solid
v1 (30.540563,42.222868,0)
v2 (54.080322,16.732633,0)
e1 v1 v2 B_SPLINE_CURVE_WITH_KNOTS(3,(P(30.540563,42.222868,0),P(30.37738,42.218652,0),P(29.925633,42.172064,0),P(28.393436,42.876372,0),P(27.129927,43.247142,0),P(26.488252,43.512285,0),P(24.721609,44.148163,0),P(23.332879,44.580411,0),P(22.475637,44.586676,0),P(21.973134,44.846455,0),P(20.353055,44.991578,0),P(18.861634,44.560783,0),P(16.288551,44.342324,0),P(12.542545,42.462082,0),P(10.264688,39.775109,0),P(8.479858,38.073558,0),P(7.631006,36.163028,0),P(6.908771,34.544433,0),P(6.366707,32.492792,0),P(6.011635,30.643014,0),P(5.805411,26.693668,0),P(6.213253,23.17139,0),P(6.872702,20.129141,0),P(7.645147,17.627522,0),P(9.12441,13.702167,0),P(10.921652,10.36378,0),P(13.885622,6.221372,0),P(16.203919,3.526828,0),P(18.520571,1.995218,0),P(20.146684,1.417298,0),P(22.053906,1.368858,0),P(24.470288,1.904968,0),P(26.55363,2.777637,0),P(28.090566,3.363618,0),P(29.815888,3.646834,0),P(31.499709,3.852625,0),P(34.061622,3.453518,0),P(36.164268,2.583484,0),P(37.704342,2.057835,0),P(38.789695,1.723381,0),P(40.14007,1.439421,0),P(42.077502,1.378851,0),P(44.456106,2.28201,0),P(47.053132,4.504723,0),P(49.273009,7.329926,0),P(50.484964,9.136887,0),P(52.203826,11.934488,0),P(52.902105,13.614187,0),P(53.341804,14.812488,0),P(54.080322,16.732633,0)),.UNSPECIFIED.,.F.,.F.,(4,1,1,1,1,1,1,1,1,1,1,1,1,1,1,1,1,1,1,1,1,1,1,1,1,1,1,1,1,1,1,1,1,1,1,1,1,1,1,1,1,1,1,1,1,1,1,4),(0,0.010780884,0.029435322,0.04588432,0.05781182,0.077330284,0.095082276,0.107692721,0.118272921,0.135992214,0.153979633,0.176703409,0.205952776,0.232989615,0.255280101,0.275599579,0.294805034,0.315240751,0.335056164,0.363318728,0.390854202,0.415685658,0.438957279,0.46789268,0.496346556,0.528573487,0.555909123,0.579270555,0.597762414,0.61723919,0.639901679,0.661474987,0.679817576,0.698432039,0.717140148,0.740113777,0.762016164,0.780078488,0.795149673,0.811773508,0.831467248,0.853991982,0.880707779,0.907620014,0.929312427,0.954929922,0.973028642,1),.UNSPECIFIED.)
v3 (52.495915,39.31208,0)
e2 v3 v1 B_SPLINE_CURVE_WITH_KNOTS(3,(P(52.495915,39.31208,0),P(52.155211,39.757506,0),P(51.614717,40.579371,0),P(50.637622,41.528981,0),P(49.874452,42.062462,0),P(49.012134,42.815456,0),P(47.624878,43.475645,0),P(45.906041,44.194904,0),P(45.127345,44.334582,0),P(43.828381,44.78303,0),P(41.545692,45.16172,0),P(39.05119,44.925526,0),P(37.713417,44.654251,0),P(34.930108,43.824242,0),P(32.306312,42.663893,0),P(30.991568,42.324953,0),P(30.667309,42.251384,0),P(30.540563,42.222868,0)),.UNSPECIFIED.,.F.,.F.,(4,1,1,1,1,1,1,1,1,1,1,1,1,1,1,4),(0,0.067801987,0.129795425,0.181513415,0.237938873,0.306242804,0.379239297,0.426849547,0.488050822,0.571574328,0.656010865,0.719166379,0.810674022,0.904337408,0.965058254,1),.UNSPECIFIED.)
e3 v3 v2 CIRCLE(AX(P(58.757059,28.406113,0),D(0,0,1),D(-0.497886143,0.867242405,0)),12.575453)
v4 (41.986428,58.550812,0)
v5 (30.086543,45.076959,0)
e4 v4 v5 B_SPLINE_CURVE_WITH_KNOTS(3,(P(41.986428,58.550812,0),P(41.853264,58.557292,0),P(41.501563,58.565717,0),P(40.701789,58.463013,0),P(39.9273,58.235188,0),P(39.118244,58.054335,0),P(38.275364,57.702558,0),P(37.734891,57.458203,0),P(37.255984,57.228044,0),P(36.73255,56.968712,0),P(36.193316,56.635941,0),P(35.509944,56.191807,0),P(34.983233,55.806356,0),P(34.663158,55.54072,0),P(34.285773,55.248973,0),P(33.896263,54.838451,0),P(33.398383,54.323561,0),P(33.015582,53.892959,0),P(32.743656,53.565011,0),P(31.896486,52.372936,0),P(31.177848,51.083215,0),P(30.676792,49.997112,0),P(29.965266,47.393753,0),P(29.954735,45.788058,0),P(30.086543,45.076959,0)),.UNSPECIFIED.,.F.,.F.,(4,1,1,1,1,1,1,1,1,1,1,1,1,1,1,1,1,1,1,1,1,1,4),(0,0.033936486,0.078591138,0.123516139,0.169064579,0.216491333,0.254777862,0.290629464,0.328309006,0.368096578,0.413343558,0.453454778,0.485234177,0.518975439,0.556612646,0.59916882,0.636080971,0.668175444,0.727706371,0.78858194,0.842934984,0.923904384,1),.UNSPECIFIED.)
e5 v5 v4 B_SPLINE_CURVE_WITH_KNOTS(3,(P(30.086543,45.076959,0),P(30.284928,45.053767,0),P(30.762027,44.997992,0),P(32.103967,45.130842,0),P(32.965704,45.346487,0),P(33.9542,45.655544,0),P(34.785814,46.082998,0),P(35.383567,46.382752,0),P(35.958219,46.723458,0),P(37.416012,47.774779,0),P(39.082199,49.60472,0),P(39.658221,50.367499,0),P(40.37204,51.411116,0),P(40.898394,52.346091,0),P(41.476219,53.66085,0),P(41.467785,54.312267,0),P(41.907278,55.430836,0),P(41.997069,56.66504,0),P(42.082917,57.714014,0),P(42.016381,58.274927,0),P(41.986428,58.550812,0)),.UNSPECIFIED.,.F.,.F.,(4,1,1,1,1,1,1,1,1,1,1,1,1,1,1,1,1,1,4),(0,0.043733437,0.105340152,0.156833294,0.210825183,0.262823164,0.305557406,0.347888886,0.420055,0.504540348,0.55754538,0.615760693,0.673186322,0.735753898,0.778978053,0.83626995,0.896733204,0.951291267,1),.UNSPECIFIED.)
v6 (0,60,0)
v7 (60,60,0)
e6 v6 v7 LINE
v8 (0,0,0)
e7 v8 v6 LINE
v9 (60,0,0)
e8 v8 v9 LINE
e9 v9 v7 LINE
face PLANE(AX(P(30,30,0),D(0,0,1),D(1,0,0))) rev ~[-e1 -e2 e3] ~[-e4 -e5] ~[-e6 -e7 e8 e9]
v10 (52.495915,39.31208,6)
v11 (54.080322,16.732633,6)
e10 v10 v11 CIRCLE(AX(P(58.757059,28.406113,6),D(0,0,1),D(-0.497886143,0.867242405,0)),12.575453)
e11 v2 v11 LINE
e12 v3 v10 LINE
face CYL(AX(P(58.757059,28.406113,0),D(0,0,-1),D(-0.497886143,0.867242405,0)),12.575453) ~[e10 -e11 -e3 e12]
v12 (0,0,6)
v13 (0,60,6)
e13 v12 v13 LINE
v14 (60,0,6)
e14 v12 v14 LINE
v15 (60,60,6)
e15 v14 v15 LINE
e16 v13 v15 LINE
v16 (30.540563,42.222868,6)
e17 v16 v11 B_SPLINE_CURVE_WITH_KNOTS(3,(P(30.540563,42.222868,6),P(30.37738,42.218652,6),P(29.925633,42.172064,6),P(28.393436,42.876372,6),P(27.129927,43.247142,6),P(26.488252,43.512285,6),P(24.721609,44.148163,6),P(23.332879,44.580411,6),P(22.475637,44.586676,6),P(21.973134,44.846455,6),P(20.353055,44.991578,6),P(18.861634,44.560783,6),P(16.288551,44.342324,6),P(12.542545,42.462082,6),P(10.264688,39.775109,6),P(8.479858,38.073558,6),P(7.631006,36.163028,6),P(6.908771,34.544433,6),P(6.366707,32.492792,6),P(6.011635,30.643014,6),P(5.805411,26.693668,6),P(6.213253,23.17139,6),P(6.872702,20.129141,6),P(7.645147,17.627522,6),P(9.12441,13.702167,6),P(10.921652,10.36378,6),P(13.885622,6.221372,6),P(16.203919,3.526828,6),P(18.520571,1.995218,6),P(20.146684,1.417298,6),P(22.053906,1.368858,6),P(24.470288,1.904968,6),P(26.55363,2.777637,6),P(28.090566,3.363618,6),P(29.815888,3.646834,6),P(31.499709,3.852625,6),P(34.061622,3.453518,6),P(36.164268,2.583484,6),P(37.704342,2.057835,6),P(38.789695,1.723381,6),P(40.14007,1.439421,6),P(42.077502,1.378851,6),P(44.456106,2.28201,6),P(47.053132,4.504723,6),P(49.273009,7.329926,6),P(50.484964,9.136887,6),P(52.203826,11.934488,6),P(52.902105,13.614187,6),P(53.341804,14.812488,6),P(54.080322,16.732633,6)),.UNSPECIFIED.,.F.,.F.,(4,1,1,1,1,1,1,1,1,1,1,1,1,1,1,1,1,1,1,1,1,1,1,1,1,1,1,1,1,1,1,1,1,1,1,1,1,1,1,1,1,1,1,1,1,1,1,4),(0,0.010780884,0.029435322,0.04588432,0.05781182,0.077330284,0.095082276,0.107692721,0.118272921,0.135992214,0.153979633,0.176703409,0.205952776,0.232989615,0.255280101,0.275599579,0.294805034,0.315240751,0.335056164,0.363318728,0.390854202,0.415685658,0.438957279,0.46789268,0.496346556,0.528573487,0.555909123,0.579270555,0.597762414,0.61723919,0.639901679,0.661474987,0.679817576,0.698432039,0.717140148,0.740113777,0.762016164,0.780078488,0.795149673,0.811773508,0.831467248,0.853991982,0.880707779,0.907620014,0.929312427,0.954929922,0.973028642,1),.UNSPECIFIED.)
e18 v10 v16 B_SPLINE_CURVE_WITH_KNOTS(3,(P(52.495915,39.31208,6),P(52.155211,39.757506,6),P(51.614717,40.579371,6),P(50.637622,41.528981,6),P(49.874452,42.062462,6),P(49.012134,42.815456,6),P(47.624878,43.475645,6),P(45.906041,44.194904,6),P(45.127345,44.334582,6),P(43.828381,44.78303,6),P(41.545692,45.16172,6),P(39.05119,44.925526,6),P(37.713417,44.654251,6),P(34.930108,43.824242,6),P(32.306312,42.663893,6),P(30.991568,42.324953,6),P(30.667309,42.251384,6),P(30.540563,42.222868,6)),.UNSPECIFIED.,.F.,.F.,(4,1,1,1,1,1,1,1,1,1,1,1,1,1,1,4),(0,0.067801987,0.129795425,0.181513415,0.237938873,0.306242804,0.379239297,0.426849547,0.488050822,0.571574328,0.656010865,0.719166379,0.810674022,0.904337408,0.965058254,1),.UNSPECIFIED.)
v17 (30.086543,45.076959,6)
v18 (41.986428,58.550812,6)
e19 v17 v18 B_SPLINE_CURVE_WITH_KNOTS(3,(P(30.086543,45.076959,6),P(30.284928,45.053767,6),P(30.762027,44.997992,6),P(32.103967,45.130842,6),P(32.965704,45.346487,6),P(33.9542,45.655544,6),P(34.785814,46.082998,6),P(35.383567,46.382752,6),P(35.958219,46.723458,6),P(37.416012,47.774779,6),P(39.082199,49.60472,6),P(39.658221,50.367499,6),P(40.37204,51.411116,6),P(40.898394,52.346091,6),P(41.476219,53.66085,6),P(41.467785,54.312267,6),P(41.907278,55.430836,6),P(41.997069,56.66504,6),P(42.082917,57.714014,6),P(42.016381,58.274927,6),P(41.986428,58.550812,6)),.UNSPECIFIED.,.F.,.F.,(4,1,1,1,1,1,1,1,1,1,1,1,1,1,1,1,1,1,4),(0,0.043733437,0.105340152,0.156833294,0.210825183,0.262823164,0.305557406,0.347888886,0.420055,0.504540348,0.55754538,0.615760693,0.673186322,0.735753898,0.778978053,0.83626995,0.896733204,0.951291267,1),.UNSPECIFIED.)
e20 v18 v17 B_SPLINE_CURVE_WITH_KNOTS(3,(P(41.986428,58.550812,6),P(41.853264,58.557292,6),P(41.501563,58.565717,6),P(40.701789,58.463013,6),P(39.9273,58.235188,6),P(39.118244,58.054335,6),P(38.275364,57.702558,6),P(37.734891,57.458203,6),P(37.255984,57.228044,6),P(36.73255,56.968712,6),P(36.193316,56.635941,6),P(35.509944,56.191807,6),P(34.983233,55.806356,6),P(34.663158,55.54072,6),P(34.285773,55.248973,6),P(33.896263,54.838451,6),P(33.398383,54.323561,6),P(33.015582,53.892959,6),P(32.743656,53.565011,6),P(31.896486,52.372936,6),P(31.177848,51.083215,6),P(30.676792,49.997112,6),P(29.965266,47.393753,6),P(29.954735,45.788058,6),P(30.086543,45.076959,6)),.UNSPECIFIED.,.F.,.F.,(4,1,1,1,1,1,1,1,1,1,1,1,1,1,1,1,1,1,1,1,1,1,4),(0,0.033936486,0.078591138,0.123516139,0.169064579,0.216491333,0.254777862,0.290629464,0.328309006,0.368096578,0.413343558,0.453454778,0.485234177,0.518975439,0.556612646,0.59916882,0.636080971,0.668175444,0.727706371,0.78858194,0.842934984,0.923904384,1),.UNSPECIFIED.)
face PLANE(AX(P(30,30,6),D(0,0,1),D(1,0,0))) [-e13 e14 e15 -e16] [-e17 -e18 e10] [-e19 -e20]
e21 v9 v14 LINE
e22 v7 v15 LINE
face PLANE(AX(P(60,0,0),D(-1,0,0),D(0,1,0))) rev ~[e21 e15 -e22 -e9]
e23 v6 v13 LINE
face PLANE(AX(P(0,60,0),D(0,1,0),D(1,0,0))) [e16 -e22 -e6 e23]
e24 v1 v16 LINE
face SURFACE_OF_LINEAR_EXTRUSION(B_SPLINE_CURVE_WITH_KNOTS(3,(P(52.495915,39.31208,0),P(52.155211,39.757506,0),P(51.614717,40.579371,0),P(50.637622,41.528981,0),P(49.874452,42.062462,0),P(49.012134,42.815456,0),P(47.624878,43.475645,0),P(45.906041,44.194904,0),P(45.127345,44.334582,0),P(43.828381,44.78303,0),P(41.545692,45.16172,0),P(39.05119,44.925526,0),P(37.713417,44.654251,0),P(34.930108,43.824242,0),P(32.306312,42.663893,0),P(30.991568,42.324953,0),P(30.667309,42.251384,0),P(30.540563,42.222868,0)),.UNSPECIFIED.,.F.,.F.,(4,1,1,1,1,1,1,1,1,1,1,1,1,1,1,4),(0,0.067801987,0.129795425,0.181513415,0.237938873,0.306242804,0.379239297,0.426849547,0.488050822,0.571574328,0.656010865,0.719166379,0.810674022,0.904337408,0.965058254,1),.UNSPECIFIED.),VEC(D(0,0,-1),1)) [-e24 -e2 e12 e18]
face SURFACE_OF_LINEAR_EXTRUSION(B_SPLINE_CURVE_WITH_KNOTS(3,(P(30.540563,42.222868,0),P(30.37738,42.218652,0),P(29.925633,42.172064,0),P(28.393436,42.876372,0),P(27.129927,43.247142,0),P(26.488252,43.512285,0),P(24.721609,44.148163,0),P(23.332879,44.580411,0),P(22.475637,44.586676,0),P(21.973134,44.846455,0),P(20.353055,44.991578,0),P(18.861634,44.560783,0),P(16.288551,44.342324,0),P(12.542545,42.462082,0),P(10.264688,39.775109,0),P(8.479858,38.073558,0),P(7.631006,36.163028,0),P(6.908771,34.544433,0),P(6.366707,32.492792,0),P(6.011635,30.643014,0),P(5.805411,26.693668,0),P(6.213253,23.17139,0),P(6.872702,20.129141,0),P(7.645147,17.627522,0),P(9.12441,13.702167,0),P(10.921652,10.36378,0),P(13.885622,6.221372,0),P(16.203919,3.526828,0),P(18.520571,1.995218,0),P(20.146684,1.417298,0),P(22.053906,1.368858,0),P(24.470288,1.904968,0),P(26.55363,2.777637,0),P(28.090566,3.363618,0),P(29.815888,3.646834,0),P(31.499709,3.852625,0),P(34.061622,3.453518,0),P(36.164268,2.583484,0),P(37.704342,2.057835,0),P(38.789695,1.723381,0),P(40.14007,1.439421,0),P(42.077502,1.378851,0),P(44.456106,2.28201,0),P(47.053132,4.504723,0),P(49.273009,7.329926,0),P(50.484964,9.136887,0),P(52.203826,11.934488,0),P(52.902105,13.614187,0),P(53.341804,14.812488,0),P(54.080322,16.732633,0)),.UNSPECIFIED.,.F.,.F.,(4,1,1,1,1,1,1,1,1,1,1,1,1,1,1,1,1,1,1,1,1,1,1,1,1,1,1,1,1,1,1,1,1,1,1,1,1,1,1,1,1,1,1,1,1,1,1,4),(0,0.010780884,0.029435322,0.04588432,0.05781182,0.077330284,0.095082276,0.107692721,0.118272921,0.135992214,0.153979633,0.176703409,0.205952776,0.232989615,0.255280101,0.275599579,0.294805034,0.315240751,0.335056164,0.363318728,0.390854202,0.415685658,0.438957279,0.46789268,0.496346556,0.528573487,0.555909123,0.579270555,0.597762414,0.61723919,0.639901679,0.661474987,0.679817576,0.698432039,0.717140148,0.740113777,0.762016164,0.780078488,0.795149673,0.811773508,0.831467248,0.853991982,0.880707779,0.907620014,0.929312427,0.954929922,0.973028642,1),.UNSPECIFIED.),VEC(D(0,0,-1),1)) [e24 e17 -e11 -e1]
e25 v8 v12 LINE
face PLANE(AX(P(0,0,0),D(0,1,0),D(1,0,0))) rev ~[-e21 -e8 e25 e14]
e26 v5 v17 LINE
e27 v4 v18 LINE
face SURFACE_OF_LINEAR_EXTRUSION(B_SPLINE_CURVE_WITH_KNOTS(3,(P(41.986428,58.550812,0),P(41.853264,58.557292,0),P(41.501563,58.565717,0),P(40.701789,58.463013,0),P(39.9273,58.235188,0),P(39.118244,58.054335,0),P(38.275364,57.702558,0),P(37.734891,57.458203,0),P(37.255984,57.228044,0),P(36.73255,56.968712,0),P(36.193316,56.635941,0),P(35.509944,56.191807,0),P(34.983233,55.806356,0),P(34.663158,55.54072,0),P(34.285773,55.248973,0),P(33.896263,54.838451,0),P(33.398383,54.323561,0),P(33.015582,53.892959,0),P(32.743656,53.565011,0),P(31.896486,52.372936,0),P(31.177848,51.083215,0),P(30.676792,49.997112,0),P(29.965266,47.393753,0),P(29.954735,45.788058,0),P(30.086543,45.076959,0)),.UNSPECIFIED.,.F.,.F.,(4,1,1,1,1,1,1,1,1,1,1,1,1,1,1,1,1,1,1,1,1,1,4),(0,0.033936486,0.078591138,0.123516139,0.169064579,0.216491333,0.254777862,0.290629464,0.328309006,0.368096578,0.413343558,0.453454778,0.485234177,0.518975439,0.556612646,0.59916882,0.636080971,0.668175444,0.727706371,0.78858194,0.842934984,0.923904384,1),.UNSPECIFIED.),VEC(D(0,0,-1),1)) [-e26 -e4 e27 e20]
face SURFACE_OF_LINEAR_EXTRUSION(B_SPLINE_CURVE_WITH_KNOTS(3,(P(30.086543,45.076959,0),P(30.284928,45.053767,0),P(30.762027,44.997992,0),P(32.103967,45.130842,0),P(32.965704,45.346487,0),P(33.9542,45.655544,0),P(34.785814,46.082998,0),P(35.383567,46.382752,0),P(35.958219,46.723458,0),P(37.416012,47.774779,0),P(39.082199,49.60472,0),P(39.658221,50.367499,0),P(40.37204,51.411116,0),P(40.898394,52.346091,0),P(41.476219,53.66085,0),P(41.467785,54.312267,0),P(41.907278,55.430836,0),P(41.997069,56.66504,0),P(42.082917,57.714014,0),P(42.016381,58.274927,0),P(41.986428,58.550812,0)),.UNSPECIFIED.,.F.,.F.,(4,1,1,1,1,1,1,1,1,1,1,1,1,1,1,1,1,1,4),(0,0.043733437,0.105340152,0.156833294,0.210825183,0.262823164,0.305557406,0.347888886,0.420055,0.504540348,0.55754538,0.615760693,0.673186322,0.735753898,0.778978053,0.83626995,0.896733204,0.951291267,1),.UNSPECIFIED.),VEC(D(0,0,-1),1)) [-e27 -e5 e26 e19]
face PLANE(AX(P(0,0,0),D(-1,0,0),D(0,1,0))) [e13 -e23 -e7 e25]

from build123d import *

# Parameters (mm, degrees)
F0_W     = 60
F0_H     = 60
F1_DEPTH = 6


with BuildPart() as f1:
    # F0 (on Top) → F1 (new body)
    with BuildSketch(Plane.XY):
        with Locations((30, 30)):
            Rectangle(F0_W, F0_H)
        with BuildLine():
            add(Edge.make_bspline(
                [(52.4959154427, 39.3120795488), (52.1552112726, 39.7575055055), (51.6147166692, 40.5793705596), (50.6376220059, 41.528980565), (49.8744523226, 42.0624616737), (49.0121343608, 42.815455797), (47.6248775197, 43.4756447365), (45.9060410004, 44.1949041766), (45.127345339, 44.3345823798), (43.8283811336, 44.7830295112), (41.5456919327, 45.1617195974), (39.0511899204, 44.9255262639), (37.713417358, 44.6542514922), (34.9301080822, 43.8242422677), (32.3063117439, 42.6638933997), (30.991568126, 42.3249529333), (30.667309014, 42.2513842154), (30.5405631661, 42.2228682116)],
                knots=[0, 0, 0, 0, 0.0678019867, 0.1297954253, 0.181513415, 0.2379388733, 0.3062428044, 0.3792392969, 0.4268495466, 0.4880508221, 0.5715743279, 0.6560108648, 0.7191663786, 0.8106740225, 0.9043374082, 0.9650582539, 1, 1, 1, 1], degree=3))
            ThreePointArc((52.4959154427, 39.3120795488), (46.2124522955, 27.5258544769), (54.0803221304, 16.7326327692))
            add(Edge.make_bspline(
                [(30.5405631661, 42.2228682116), (30.3773796636, 42.2186520243), (29.9256325398, 42.17206372), (28.3934363344, 42.8763722267), (27.1299271727, 43.2471419555), (26.4882522093, 43.5122850512), (24.7216085721, 44.1481628348), (23.3328792866, 44.5804108398), (22.4756367108, 44.5866758416), (21.973133807, 44.8464547094), (20.353055087, 44.9915781233), (18.8616336972, 44.5607826417), (16.2885511578, 44.3423243981), (12.5425452627, 42.4620821983), (10.2646877088, 39.7751093266), (8.4798579852, 38.0735575023), (7.631006256, 36.1630276662), (6.9087711542, 34.5444333959), (6.3667070987, 32.4927923688), (6.0116346317, 30.6430137455), (5.8054113436, 26.6936678249), (6.2132529131, 23.1713904214), (6.8727023172, 20.1291409487), (7.6451465854, 17.6275218064), (9.124409636, 13.7021672767), (10.9216521673, 10.3637795607), (13.8856223276, 6.2213718674), (16.2039187282, 3.5268280572), (18.5205714671, 1.9952181807), (20.1466841615, 1.4172977157), (22.053906326, 1.3688579218), (24.4702879109, 1.9049682219), (26.5536303911, 2.7776370639), (28.0905660336, 3.3636183235), (29.8158881049, 3.6468337276), (31.4997094091, 3.8526250399), (34.061622013, 3.4535180189), (36.164267622, 2.5834843112), (37.704341899, 2.0578345668), (38.7896948265, 1.7233810228), (40.1400699603, 1.4394213767), (42.0775020277, 1.3788507368), (44.456105505, 2.282009543), (47.0531318231, 4.5047225788), (49.2730087814, 7.329925565), (50.4849637421, 9.1368869663), (52.2038256962, 11.9344884059), (52.9021046718, 13.6141871273), (53.3418043485, 14.8124878476), (54.0803221304, 16.7326327692)],
                knots=[0, 0, 0, 0, 0.0107808843, 0.0294353222, 0.0458843198, 0.0578118198, 0.0773302841, 0.0950822763, 0.1076927213, 0.1182729214, 0.1359922136, 0.153979633, 0.1767034092, 0.2059527761, 0.2329896151, 0.2552801014, 0.2755995792, 0.2948050341, 0.3152407514, 0.3350561644, 0.3633187276, 0.3908542023, 0.4156856577, 0.4389572791, 0.4678926801, 0.4963465559, 0.5285734869, 0.5559091234, 0.5792705552, 0.5977624135, 0.6172391903, 0.6399016794, 0.6614749871, 0.6798175765, 0.6984320392, 0.7171401485, 0.7401137768, 0.7620161645, 0.7800784877, 0.7951496733, 0.8117735076, 0.8314672485, 0.8539919825, 0.8807077789, 0.9076200145, 0.9293124269, 0.9549299224, 0.9730286416, 1, 1, 1, 1], degree=3))
        make_face(mode=Mode.SUBTRACT)
        with BuildLine():
            add(Edge.make_bspline(
                [(30.086543411, 45.0769588351), (30.2849277308, 45.0537669855), (30.7620270922, 44.997992248), (32.1039665117, 45.1308422492), (32.9657044674, 45.3464871544), (33.9541997949, 45.6555441612), (34.7858139045, 46.0829981394), (35.3835670178, 46.382752023), (35.9582189949, 46.7234579884), (37.4160120626, 47.7747794521), (39.0821985981, 49.6047199622), (39.6582210635, 50.3674994031), (40.3720402198, 51.4111159278), (40.898393875, 52.3460913107), (41.4762191244, 53.6608503073), (41.4677847045, 54.3122666076), (41.9072776441, 55.4308364993), (41.9970692349, 56.6650398352), (42.0829168472, 57.7140140876), (42.0163807647, 58.2749270755), (41.9864282012, 58.550812304)],
                knots=[0, 0, 0, 0, 0.0437334371, 0.1053401515, 0.1568332941, 0.2108251828, 0.2628231636, 0.3055574062, 0.3478888855, 0.4200549995, 0.5045403477, 0.5575453799, 0.6157606935, 0.673186322, 0.7357538978, 0.7789780527, 0.8362699503, 0.8967332043, 0.9512912669, 1, 1, 1, 1], degree=3))
            add(Edge.make_bspline(
                [(41.9864282012, 58.550812304), (41.8532639147, 58.5572918726), (41.5015627601, 58.5657174126), (40.7017885074, 58.4630128903), (39.9272997764, 58.2351876951), (39.1182438715, 58.0543347983), (38.2753643698, 57.7025584799), (37.7348908981, 57.4582033032), (37.2559838503, 57.2280437496), (36.7325495671, 56.9687121828), (36.1933164227, 56.6359405437), (35.5099435166, 56.1918068456), (34.9832330892, 55.8063558939), (34.6631578889, 55.5407199928), (34.2857734267, 55.2489733205), (33.8962634136, 54.8384514195), (33.3983832095, 54.3235607402), (33.0155824846, 53.8929594448), (32.7436558966, 53.5650109775), (31.8964857803, 52.3729358736), (31.1778475348, 51.0832149178), (30.6767916452, 49.9971119041), (29.9652658908, 47.3937526812), (29.9547350144, 45.788057594), (30.086543411, 45.0769588351)],
                knots=[0, 0, 0, 0, 0.0339364863, 0.0785911377, 0.1235161386, 0.1690645787, 0.2164913335, 0.2547778619, 0.2906294643, 0.3283090061, 0.3680965777, 0.4133435581, 0.4534547783, 0.4852341768, 0.5189754385, 0.5566126462, 0.5991688204, 0.6360809715, 0.6681754444, 0.7277063707, 0.7885819403, 0.8429349841, 0.9239043839, 1, 1, 1, 1], degree=3))
        make_face(mode=Mode.SUBTRACT)
    extrude(amount=F1_DEPTH)


solid = f1.part
